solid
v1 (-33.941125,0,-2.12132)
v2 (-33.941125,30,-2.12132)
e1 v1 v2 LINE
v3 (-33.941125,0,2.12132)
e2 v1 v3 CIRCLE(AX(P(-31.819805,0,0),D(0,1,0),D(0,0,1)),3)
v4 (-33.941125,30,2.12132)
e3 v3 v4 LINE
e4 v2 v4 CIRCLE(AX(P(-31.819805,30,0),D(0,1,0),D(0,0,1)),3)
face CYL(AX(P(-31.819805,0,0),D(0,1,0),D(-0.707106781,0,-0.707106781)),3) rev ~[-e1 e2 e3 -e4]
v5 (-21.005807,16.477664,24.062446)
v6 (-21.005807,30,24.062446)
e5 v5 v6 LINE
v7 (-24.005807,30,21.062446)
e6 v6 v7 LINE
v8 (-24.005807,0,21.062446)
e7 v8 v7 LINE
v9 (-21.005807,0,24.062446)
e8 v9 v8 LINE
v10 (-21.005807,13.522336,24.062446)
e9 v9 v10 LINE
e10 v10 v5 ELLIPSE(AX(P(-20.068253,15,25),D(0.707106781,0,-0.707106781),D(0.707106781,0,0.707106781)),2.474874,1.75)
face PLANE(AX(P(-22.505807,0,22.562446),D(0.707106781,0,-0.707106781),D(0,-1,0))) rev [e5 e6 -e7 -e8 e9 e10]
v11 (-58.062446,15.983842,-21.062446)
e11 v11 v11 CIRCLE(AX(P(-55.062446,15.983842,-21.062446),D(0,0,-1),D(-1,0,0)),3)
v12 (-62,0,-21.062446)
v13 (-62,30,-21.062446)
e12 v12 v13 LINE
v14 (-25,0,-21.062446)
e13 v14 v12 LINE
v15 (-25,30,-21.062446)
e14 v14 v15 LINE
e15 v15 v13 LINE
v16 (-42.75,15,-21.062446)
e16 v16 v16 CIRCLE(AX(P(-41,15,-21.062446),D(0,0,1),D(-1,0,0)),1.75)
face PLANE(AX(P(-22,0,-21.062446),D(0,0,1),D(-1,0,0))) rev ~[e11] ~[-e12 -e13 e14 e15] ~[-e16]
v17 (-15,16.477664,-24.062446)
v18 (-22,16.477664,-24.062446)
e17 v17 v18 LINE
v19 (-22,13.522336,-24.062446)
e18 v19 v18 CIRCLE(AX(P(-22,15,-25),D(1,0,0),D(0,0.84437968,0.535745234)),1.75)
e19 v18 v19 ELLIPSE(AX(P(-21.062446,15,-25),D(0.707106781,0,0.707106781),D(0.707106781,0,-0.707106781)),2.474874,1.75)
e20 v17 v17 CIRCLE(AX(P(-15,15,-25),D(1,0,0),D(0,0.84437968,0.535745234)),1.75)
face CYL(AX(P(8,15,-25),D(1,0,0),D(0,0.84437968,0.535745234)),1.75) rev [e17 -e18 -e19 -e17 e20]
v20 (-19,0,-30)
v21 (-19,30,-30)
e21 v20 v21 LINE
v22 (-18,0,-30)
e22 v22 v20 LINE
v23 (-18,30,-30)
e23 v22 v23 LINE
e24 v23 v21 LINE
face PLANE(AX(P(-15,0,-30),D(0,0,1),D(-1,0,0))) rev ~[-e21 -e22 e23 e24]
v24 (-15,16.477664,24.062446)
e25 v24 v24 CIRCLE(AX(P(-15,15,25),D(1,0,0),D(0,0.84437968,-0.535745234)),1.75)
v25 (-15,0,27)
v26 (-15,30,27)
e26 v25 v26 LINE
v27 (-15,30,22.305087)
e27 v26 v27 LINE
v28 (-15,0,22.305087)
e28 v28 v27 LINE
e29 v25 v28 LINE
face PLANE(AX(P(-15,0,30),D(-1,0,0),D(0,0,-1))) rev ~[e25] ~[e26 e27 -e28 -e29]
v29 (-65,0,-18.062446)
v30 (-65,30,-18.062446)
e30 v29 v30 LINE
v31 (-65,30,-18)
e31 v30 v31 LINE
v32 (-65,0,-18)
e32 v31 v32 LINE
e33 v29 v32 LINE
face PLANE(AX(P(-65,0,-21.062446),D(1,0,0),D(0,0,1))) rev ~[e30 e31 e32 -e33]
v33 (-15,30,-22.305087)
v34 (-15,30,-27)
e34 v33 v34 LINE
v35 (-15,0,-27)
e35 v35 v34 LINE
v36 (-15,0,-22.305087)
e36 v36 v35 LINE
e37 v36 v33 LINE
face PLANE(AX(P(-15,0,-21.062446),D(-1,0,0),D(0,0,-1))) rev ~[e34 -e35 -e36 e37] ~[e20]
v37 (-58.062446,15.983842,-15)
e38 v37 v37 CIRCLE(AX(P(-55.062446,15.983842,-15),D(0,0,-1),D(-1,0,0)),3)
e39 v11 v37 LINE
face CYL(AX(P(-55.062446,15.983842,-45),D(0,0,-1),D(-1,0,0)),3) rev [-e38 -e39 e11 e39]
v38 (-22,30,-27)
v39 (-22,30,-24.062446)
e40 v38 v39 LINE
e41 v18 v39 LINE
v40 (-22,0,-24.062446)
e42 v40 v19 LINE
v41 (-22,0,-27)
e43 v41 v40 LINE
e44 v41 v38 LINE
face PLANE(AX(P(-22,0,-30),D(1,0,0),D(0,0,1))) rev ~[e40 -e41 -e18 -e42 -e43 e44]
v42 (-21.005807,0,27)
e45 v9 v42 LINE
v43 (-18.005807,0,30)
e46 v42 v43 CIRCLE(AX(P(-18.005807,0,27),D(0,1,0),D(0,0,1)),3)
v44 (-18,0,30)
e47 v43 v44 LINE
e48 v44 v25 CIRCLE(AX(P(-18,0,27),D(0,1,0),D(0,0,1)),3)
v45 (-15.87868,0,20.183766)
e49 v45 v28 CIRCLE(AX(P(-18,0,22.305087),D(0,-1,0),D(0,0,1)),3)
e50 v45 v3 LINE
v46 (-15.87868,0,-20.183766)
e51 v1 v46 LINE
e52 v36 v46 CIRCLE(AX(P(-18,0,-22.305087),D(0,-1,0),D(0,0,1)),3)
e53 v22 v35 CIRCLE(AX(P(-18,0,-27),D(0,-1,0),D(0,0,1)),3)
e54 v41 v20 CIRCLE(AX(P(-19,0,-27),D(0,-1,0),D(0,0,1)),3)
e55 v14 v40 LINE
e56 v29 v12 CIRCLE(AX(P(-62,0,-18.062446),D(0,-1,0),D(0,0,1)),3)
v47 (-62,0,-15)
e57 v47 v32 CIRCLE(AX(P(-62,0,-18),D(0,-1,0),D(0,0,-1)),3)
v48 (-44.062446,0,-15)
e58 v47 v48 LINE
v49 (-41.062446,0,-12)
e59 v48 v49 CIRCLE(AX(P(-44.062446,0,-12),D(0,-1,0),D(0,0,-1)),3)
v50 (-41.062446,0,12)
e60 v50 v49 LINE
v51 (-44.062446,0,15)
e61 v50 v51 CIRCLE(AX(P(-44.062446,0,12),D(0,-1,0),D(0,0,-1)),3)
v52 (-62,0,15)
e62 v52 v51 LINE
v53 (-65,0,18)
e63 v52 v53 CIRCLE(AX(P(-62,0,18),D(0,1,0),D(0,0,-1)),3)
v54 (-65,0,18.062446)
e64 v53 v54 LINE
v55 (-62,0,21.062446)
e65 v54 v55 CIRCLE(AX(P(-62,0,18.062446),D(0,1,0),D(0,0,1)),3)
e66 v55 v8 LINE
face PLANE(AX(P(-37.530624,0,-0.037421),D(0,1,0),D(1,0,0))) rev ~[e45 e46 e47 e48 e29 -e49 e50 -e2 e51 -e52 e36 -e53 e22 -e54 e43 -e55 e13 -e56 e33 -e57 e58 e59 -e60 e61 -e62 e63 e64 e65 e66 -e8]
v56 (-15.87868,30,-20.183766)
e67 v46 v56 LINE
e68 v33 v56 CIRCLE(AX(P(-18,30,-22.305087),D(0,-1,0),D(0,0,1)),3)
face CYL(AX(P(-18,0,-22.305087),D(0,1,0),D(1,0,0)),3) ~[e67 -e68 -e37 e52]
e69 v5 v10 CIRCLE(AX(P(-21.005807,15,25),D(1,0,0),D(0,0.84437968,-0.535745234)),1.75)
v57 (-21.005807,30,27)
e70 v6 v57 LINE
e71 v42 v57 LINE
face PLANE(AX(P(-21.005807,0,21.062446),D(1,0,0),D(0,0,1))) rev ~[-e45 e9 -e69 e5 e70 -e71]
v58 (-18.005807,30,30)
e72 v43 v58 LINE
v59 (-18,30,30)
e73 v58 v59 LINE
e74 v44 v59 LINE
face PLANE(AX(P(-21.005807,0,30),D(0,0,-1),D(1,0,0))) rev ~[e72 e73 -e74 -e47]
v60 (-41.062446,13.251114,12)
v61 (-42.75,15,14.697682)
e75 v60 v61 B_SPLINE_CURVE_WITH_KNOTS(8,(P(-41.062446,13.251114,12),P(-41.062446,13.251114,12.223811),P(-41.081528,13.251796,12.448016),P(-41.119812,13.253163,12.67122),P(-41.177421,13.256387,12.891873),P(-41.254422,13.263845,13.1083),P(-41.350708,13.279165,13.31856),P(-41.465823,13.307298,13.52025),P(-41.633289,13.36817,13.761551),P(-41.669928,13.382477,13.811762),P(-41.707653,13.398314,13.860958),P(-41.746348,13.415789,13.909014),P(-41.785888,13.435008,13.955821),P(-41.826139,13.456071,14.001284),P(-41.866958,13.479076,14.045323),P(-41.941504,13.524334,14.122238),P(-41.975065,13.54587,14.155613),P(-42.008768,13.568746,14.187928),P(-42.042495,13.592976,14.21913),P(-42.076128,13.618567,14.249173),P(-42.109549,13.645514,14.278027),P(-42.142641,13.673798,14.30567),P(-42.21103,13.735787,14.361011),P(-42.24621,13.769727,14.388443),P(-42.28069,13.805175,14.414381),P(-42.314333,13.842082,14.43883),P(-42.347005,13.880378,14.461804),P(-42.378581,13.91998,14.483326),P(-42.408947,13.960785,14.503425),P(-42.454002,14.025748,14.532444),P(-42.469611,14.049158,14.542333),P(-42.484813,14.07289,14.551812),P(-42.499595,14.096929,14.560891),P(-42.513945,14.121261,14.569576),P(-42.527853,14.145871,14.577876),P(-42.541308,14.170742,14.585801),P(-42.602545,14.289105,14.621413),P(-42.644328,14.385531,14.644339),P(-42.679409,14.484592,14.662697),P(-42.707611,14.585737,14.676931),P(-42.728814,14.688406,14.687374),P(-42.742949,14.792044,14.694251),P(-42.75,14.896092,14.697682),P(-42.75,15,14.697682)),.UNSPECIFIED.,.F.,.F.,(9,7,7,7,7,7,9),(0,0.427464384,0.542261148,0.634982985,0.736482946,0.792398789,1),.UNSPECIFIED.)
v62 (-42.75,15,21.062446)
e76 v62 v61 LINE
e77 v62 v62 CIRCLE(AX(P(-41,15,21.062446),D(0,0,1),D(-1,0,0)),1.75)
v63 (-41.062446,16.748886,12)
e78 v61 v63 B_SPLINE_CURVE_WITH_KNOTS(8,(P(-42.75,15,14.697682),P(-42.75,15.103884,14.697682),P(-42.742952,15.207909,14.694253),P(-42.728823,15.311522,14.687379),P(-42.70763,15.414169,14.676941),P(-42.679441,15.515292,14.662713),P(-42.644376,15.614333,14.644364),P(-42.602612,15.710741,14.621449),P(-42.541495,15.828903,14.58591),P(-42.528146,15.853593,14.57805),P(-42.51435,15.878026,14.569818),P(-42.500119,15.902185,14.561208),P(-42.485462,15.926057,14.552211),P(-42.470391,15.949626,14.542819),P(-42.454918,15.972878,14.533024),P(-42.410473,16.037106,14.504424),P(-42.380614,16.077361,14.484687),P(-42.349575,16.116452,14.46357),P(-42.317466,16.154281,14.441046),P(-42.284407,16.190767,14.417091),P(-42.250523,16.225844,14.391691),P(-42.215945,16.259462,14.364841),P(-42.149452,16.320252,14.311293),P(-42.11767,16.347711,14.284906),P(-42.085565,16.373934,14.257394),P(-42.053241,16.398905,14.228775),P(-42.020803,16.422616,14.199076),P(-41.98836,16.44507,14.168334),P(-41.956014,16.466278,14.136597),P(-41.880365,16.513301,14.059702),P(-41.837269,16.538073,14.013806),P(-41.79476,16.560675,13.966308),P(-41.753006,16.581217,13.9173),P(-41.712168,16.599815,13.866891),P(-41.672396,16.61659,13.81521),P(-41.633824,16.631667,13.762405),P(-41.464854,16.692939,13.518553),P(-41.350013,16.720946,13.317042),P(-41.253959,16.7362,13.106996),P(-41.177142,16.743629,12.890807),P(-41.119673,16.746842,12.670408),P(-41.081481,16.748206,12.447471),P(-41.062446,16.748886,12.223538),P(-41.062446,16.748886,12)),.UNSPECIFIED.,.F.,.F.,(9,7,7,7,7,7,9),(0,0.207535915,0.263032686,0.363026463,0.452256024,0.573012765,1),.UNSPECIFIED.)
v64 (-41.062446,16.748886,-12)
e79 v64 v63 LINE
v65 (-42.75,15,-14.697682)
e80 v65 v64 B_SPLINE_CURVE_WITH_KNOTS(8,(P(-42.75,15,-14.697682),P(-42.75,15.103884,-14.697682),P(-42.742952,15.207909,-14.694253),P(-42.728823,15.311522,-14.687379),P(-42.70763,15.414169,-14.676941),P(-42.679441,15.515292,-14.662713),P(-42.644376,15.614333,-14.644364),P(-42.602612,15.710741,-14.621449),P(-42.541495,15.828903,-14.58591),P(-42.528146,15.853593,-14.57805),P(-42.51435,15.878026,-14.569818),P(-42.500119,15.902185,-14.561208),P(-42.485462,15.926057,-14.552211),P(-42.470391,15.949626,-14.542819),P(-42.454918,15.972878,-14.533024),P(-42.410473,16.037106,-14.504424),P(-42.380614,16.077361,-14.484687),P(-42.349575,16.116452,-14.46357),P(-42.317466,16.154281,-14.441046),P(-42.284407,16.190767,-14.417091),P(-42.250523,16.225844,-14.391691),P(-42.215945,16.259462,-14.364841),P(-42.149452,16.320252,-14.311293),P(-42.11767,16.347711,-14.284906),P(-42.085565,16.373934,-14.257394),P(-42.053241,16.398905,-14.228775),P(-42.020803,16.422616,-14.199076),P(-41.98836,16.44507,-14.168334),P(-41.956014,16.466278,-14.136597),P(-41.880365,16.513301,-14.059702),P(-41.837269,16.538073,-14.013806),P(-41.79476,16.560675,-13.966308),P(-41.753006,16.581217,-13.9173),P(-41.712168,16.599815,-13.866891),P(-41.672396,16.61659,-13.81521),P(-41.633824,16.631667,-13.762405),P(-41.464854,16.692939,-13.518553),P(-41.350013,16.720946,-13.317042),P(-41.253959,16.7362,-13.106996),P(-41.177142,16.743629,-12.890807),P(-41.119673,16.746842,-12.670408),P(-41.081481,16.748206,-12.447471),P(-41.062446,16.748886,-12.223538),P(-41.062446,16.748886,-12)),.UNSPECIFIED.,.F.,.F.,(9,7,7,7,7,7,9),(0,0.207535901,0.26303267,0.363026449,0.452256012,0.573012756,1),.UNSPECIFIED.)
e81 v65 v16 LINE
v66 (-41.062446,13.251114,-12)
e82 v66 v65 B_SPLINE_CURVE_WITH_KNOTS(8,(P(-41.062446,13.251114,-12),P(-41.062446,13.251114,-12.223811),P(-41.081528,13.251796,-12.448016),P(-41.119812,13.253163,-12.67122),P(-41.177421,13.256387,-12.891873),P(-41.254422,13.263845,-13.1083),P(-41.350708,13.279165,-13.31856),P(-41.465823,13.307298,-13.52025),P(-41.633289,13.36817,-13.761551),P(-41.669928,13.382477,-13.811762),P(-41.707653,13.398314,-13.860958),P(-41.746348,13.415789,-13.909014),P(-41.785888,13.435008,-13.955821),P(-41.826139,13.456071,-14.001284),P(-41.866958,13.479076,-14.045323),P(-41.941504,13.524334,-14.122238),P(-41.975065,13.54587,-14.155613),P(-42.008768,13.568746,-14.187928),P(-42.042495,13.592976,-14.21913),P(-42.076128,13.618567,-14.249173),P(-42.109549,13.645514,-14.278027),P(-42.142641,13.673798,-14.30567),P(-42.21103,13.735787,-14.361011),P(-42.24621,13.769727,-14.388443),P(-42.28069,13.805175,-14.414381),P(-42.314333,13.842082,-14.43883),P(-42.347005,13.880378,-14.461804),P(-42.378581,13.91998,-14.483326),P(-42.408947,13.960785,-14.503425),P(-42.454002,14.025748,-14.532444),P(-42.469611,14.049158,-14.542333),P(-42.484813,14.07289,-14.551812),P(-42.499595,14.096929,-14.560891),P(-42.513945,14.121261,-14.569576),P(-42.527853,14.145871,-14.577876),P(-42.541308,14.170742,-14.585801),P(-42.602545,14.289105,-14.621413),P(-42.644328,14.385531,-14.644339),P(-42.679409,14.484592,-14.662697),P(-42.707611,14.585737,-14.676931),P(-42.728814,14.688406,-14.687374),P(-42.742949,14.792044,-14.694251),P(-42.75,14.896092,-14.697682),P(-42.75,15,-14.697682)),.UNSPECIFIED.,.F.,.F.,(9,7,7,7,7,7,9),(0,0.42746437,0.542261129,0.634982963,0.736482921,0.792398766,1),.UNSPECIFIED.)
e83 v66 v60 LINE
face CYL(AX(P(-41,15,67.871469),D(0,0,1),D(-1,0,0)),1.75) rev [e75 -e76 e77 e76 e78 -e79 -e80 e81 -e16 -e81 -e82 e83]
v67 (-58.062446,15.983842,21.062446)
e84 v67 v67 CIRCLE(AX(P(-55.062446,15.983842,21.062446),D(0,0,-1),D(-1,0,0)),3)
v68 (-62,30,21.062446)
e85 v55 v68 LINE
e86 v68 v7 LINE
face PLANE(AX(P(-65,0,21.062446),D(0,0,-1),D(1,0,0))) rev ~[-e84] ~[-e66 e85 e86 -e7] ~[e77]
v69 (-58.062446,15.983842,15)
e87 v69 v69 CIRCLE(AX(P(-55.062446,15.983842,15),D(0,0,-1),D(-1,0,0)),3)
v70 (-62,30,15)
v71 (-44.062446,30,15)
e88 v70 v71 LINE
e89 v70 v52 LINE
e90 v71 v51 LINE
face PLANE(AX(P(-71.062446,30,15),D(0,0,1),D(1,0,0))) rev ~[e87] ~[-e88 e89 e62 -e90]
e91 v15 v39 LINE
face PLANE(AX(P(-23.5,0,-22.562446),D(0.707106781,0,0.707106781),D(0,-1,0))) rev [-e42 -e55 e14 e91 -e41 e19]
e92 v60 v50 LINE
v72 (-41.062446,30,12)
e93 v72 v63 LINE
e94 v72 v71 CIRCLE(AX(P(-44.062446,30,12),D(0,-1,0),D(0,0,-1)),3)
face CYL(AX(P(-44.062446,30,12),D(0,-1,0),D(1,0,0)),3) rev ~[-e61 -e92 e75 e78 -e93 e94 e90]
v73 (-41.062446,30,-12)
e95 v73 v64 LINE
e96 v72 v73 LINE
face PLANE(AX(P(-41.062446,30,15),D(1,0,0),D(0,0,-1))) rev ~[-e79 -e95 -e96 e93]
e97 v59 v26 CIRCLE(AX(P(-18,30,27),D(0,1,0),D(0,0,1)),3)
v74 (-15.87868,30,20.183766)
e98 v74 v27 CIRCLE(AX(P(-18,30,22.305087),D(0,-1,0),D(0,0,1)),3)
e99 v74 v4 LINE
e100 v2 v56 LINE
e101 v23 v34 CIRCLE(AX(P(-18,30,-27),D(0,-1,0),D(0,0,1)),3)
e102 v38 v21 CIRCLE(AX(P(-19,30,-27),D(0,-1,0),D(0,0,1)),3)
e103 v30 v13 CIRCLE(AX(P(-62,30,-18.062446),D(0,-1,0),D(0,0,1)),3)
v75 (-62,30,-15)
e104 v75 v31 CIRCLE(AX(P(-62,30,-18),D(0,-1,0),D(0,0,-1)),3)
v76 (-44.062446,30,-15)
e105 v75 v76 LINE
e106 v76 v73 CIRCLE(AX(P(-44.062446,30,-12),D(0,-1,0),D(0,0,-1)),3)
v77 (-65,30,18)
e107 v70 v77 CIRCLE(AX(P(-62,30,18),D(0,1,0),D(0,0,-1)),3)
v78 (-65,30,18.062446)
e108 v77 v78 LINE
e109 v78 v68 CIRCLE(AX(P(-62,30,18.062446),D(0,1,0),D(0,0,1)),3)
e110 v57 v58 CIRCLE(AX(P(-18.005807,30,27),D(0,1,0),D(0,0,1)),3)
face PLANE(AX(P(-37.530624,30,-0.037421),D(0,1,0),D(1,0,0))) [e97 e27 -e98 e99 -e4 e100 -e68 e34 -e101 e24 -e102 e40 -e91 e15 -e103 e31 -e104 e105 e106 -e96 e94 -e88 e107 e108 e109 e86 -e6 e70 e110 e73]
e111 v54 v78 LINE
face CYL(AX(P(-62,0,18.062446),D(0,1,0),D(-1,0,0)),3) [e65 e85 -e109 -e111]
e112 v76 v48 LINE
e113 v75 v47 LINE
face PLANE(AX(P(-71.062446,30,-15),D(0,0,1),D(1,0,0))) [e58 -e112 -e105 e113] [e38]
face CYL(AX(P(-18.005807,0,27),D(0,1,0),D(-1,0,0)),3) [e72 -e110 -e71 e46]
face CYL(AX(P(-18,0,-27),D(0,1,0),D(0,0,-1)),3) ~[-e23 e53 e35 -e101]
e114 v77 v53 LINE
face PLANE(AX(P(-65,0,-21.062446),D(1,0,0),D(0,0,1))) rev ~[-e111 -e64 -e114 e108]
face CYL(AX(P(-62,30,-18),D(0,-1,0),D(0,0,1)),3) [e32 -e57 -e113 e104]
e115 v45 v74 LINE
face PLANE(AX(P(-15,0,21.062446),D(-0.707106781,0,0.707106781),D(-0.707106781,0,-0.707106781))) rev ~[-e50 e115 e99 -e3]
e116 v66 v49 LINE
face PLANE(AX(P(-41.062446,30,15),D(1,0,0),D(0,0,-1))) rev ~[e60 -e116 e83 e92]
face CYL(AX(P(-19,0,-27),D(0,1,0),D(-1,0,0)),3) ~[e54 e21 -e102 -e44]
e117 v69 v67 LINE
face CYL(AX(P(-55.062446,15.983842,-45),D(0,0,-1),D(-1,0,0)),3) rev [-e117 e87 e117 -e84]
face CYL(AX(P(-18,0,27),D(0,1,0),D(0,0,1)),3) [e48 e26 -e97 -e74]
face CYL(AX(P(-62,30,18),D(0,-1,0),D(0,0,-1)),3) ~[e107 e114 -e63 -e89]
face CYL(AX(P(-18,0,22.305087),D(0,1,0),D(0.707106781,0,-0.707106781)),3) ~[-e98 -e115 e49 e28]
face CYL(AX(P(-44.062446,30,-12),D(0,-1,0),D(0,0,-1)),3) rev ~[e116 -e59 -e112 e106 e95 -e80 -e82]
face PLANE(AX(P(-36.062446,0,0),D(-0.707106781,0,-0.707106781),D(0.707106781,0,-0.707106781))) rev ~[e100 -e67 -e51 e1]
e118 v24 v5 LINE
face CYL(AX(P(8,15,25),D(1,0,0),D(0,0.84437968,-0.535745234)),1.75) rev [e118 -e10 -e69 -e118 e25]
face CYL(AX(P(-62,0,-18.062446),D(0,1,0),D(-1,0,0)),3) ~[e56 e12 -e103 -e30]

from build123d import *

# Parameters (mm, degrees)
BOSS_EXTRUDE1_DEPTH     = 30
SKETCH2_W               = 30
SKETCH2_H               = 30
CUT_EXTRUDE1_DEPTH      = 30
CHAMFER1_SIZE           = 3
FILLET1_R               = 3
FILLET2_R               = 3
CUT_EXTRUDE2_DEPTH      = 30
CUT_EXTRUDE2_DEPTH_BACK = 30
SKETCH3_R               = 1.75
CUT_EXTRUDE3_DEPTH      = 50
CUT_EXTRUDE3_DEPTH_BACK = 30
SKETCH4_R               = 3
CUT_EXTRUDE4_DEPTH      = 88.933914818
CUT_EXTRUDE4_DEPTH_BACK = 88.933914818
SKETCH5_R               = 1.75


with BuildPart() as part:
    # Sketch1 → Boss-Extrude1 (new body)
    with BuildSketch(Plane(origin=(0, 0, 0), x_dir=(1, 0, 0), z_dir=(0, 1, 0))):
        Polygon((-65, 21.062445841), (-65, -21.062445841), (-21.005807434, -21.062445841), (-21.005807434, -30), (-15, -30), (-15, -21.062445841), (-36.062445841, 0), (-15, 21.062445841), (-15, 30), (-22, 30), (-22, 21.062445841), align=None)
    extrude(amount=BOSS_EXTRUDE1_DEPTH)

    # Sketch2 → Cut-Extrude1 (cut)
    with BuildSketch(Plane(origin=(0, 30, 0), x_dir=(1, 0, 0), z_dir=(0, 1, 0))):
        with Locations((-56.062445841, 0)):
            Rectangle(SKETCH2_W, SKETCH2_H)
    extrude(amount=-CUT_EXTRUDE1_DEPTH, mode=Mode.SUBTRACT)

    # Chamfer1
    chamfer1_edges = [part.edges().sort_by_distance(p)[0] for p in [
        (-21.005807434, 15, 21.062445841),
        (-22, 15, -21.062445841),
    ]]
    chamfer(chamfer1_edges, length=CHAMFER1_SIZE)

    # Fillet1
    fillet1_edges = [part.edges().sort_by_distance(p)[0] for p in [
        (-36.062445841, 15, 0),
        (-15, 15, 21.062445841),
        (-15, 15, -21.062445841),
        (-41.062445841, 15, 15),
        (-41.062445841, 15, -15),
    ]]
    fillet(fillet1_edges, radius=FILLET1_R)

    # Fillet2
    fillet2_edges = [part.edges().sort_by_distance(p)[0] for p in [
        (-15, 15, 30),
        (-21.005807434, 15, 30),
        (-65, 15, 21.062445841),
        (-65, 15, -21.062445841),
        (-22, 15, -30),
        (-15, 15, -30),
        (-65, 15, 15),
        (-65, 15, -15),
    ]]
    fillet(fillet2_edges, radius=FILLET2_R)

    # Sketch3 → Cut-Extrude2 (cut, two sides: drawn at the far end of the back side and taken through both)
    with BuildSketch(Plane.ZY.offset(22).offset(-CUT_EXTRUDE2_DEPTH_BACK)):
        with Locations(Location((-25, 15, 0), (0, 0, 57.605534529))):
            Circle(SKETCH3_R)
        with Locations(Location((25, 15, 0), (0, 0, 122.394465471))):
            Circle(SKETCH3_R)
    extrude(amount=CUT_EXTRUDE2_DEPTH + CUT_EXTRUDE2_DEPTH_BACK, mode=Mode.SUBTRACT)

    # Sketch4 → Cut-Extrude3 (cut, two sides: drawn at the far end of the back side and taken through both)
    with BuildSketch(Plane.XY.offset(-15).offset(-CUT_EXTRUDE3_DEPTH_BACK)):
        with Locations(Location((-55.062445841, 15.983841749, 0), (0, 0, 180))):
            Circle(SKETCH4_R)
    extrude(amount=CUT_EXTRUDE3_DEPTH + CUT_EXTRUDE3_DEPTH_BACK, mode=Mode.SUBTRACT)

    # Sketch5 → Cut-Extrude4 (cut, two sides: drawn at the far end of the back side and taken through both)
    with BuildSketch(Plane(origin=(0, 0, -21.062445841), x_dir=(-1, 0, 0), z_dir=(0, 0, -1)).offset(-CUT_EXTRUDE4_DEPTH_BACK)):
        with Locations((41, 15)):
            Circle(SKETCH5_R)
    extrude(amount=CUT_EXTRUDE4_DEPTH + CUT_EXTRUDE4_DEPTH_BACK, mode=Mode.SUBTRACT)


solid = part.part
